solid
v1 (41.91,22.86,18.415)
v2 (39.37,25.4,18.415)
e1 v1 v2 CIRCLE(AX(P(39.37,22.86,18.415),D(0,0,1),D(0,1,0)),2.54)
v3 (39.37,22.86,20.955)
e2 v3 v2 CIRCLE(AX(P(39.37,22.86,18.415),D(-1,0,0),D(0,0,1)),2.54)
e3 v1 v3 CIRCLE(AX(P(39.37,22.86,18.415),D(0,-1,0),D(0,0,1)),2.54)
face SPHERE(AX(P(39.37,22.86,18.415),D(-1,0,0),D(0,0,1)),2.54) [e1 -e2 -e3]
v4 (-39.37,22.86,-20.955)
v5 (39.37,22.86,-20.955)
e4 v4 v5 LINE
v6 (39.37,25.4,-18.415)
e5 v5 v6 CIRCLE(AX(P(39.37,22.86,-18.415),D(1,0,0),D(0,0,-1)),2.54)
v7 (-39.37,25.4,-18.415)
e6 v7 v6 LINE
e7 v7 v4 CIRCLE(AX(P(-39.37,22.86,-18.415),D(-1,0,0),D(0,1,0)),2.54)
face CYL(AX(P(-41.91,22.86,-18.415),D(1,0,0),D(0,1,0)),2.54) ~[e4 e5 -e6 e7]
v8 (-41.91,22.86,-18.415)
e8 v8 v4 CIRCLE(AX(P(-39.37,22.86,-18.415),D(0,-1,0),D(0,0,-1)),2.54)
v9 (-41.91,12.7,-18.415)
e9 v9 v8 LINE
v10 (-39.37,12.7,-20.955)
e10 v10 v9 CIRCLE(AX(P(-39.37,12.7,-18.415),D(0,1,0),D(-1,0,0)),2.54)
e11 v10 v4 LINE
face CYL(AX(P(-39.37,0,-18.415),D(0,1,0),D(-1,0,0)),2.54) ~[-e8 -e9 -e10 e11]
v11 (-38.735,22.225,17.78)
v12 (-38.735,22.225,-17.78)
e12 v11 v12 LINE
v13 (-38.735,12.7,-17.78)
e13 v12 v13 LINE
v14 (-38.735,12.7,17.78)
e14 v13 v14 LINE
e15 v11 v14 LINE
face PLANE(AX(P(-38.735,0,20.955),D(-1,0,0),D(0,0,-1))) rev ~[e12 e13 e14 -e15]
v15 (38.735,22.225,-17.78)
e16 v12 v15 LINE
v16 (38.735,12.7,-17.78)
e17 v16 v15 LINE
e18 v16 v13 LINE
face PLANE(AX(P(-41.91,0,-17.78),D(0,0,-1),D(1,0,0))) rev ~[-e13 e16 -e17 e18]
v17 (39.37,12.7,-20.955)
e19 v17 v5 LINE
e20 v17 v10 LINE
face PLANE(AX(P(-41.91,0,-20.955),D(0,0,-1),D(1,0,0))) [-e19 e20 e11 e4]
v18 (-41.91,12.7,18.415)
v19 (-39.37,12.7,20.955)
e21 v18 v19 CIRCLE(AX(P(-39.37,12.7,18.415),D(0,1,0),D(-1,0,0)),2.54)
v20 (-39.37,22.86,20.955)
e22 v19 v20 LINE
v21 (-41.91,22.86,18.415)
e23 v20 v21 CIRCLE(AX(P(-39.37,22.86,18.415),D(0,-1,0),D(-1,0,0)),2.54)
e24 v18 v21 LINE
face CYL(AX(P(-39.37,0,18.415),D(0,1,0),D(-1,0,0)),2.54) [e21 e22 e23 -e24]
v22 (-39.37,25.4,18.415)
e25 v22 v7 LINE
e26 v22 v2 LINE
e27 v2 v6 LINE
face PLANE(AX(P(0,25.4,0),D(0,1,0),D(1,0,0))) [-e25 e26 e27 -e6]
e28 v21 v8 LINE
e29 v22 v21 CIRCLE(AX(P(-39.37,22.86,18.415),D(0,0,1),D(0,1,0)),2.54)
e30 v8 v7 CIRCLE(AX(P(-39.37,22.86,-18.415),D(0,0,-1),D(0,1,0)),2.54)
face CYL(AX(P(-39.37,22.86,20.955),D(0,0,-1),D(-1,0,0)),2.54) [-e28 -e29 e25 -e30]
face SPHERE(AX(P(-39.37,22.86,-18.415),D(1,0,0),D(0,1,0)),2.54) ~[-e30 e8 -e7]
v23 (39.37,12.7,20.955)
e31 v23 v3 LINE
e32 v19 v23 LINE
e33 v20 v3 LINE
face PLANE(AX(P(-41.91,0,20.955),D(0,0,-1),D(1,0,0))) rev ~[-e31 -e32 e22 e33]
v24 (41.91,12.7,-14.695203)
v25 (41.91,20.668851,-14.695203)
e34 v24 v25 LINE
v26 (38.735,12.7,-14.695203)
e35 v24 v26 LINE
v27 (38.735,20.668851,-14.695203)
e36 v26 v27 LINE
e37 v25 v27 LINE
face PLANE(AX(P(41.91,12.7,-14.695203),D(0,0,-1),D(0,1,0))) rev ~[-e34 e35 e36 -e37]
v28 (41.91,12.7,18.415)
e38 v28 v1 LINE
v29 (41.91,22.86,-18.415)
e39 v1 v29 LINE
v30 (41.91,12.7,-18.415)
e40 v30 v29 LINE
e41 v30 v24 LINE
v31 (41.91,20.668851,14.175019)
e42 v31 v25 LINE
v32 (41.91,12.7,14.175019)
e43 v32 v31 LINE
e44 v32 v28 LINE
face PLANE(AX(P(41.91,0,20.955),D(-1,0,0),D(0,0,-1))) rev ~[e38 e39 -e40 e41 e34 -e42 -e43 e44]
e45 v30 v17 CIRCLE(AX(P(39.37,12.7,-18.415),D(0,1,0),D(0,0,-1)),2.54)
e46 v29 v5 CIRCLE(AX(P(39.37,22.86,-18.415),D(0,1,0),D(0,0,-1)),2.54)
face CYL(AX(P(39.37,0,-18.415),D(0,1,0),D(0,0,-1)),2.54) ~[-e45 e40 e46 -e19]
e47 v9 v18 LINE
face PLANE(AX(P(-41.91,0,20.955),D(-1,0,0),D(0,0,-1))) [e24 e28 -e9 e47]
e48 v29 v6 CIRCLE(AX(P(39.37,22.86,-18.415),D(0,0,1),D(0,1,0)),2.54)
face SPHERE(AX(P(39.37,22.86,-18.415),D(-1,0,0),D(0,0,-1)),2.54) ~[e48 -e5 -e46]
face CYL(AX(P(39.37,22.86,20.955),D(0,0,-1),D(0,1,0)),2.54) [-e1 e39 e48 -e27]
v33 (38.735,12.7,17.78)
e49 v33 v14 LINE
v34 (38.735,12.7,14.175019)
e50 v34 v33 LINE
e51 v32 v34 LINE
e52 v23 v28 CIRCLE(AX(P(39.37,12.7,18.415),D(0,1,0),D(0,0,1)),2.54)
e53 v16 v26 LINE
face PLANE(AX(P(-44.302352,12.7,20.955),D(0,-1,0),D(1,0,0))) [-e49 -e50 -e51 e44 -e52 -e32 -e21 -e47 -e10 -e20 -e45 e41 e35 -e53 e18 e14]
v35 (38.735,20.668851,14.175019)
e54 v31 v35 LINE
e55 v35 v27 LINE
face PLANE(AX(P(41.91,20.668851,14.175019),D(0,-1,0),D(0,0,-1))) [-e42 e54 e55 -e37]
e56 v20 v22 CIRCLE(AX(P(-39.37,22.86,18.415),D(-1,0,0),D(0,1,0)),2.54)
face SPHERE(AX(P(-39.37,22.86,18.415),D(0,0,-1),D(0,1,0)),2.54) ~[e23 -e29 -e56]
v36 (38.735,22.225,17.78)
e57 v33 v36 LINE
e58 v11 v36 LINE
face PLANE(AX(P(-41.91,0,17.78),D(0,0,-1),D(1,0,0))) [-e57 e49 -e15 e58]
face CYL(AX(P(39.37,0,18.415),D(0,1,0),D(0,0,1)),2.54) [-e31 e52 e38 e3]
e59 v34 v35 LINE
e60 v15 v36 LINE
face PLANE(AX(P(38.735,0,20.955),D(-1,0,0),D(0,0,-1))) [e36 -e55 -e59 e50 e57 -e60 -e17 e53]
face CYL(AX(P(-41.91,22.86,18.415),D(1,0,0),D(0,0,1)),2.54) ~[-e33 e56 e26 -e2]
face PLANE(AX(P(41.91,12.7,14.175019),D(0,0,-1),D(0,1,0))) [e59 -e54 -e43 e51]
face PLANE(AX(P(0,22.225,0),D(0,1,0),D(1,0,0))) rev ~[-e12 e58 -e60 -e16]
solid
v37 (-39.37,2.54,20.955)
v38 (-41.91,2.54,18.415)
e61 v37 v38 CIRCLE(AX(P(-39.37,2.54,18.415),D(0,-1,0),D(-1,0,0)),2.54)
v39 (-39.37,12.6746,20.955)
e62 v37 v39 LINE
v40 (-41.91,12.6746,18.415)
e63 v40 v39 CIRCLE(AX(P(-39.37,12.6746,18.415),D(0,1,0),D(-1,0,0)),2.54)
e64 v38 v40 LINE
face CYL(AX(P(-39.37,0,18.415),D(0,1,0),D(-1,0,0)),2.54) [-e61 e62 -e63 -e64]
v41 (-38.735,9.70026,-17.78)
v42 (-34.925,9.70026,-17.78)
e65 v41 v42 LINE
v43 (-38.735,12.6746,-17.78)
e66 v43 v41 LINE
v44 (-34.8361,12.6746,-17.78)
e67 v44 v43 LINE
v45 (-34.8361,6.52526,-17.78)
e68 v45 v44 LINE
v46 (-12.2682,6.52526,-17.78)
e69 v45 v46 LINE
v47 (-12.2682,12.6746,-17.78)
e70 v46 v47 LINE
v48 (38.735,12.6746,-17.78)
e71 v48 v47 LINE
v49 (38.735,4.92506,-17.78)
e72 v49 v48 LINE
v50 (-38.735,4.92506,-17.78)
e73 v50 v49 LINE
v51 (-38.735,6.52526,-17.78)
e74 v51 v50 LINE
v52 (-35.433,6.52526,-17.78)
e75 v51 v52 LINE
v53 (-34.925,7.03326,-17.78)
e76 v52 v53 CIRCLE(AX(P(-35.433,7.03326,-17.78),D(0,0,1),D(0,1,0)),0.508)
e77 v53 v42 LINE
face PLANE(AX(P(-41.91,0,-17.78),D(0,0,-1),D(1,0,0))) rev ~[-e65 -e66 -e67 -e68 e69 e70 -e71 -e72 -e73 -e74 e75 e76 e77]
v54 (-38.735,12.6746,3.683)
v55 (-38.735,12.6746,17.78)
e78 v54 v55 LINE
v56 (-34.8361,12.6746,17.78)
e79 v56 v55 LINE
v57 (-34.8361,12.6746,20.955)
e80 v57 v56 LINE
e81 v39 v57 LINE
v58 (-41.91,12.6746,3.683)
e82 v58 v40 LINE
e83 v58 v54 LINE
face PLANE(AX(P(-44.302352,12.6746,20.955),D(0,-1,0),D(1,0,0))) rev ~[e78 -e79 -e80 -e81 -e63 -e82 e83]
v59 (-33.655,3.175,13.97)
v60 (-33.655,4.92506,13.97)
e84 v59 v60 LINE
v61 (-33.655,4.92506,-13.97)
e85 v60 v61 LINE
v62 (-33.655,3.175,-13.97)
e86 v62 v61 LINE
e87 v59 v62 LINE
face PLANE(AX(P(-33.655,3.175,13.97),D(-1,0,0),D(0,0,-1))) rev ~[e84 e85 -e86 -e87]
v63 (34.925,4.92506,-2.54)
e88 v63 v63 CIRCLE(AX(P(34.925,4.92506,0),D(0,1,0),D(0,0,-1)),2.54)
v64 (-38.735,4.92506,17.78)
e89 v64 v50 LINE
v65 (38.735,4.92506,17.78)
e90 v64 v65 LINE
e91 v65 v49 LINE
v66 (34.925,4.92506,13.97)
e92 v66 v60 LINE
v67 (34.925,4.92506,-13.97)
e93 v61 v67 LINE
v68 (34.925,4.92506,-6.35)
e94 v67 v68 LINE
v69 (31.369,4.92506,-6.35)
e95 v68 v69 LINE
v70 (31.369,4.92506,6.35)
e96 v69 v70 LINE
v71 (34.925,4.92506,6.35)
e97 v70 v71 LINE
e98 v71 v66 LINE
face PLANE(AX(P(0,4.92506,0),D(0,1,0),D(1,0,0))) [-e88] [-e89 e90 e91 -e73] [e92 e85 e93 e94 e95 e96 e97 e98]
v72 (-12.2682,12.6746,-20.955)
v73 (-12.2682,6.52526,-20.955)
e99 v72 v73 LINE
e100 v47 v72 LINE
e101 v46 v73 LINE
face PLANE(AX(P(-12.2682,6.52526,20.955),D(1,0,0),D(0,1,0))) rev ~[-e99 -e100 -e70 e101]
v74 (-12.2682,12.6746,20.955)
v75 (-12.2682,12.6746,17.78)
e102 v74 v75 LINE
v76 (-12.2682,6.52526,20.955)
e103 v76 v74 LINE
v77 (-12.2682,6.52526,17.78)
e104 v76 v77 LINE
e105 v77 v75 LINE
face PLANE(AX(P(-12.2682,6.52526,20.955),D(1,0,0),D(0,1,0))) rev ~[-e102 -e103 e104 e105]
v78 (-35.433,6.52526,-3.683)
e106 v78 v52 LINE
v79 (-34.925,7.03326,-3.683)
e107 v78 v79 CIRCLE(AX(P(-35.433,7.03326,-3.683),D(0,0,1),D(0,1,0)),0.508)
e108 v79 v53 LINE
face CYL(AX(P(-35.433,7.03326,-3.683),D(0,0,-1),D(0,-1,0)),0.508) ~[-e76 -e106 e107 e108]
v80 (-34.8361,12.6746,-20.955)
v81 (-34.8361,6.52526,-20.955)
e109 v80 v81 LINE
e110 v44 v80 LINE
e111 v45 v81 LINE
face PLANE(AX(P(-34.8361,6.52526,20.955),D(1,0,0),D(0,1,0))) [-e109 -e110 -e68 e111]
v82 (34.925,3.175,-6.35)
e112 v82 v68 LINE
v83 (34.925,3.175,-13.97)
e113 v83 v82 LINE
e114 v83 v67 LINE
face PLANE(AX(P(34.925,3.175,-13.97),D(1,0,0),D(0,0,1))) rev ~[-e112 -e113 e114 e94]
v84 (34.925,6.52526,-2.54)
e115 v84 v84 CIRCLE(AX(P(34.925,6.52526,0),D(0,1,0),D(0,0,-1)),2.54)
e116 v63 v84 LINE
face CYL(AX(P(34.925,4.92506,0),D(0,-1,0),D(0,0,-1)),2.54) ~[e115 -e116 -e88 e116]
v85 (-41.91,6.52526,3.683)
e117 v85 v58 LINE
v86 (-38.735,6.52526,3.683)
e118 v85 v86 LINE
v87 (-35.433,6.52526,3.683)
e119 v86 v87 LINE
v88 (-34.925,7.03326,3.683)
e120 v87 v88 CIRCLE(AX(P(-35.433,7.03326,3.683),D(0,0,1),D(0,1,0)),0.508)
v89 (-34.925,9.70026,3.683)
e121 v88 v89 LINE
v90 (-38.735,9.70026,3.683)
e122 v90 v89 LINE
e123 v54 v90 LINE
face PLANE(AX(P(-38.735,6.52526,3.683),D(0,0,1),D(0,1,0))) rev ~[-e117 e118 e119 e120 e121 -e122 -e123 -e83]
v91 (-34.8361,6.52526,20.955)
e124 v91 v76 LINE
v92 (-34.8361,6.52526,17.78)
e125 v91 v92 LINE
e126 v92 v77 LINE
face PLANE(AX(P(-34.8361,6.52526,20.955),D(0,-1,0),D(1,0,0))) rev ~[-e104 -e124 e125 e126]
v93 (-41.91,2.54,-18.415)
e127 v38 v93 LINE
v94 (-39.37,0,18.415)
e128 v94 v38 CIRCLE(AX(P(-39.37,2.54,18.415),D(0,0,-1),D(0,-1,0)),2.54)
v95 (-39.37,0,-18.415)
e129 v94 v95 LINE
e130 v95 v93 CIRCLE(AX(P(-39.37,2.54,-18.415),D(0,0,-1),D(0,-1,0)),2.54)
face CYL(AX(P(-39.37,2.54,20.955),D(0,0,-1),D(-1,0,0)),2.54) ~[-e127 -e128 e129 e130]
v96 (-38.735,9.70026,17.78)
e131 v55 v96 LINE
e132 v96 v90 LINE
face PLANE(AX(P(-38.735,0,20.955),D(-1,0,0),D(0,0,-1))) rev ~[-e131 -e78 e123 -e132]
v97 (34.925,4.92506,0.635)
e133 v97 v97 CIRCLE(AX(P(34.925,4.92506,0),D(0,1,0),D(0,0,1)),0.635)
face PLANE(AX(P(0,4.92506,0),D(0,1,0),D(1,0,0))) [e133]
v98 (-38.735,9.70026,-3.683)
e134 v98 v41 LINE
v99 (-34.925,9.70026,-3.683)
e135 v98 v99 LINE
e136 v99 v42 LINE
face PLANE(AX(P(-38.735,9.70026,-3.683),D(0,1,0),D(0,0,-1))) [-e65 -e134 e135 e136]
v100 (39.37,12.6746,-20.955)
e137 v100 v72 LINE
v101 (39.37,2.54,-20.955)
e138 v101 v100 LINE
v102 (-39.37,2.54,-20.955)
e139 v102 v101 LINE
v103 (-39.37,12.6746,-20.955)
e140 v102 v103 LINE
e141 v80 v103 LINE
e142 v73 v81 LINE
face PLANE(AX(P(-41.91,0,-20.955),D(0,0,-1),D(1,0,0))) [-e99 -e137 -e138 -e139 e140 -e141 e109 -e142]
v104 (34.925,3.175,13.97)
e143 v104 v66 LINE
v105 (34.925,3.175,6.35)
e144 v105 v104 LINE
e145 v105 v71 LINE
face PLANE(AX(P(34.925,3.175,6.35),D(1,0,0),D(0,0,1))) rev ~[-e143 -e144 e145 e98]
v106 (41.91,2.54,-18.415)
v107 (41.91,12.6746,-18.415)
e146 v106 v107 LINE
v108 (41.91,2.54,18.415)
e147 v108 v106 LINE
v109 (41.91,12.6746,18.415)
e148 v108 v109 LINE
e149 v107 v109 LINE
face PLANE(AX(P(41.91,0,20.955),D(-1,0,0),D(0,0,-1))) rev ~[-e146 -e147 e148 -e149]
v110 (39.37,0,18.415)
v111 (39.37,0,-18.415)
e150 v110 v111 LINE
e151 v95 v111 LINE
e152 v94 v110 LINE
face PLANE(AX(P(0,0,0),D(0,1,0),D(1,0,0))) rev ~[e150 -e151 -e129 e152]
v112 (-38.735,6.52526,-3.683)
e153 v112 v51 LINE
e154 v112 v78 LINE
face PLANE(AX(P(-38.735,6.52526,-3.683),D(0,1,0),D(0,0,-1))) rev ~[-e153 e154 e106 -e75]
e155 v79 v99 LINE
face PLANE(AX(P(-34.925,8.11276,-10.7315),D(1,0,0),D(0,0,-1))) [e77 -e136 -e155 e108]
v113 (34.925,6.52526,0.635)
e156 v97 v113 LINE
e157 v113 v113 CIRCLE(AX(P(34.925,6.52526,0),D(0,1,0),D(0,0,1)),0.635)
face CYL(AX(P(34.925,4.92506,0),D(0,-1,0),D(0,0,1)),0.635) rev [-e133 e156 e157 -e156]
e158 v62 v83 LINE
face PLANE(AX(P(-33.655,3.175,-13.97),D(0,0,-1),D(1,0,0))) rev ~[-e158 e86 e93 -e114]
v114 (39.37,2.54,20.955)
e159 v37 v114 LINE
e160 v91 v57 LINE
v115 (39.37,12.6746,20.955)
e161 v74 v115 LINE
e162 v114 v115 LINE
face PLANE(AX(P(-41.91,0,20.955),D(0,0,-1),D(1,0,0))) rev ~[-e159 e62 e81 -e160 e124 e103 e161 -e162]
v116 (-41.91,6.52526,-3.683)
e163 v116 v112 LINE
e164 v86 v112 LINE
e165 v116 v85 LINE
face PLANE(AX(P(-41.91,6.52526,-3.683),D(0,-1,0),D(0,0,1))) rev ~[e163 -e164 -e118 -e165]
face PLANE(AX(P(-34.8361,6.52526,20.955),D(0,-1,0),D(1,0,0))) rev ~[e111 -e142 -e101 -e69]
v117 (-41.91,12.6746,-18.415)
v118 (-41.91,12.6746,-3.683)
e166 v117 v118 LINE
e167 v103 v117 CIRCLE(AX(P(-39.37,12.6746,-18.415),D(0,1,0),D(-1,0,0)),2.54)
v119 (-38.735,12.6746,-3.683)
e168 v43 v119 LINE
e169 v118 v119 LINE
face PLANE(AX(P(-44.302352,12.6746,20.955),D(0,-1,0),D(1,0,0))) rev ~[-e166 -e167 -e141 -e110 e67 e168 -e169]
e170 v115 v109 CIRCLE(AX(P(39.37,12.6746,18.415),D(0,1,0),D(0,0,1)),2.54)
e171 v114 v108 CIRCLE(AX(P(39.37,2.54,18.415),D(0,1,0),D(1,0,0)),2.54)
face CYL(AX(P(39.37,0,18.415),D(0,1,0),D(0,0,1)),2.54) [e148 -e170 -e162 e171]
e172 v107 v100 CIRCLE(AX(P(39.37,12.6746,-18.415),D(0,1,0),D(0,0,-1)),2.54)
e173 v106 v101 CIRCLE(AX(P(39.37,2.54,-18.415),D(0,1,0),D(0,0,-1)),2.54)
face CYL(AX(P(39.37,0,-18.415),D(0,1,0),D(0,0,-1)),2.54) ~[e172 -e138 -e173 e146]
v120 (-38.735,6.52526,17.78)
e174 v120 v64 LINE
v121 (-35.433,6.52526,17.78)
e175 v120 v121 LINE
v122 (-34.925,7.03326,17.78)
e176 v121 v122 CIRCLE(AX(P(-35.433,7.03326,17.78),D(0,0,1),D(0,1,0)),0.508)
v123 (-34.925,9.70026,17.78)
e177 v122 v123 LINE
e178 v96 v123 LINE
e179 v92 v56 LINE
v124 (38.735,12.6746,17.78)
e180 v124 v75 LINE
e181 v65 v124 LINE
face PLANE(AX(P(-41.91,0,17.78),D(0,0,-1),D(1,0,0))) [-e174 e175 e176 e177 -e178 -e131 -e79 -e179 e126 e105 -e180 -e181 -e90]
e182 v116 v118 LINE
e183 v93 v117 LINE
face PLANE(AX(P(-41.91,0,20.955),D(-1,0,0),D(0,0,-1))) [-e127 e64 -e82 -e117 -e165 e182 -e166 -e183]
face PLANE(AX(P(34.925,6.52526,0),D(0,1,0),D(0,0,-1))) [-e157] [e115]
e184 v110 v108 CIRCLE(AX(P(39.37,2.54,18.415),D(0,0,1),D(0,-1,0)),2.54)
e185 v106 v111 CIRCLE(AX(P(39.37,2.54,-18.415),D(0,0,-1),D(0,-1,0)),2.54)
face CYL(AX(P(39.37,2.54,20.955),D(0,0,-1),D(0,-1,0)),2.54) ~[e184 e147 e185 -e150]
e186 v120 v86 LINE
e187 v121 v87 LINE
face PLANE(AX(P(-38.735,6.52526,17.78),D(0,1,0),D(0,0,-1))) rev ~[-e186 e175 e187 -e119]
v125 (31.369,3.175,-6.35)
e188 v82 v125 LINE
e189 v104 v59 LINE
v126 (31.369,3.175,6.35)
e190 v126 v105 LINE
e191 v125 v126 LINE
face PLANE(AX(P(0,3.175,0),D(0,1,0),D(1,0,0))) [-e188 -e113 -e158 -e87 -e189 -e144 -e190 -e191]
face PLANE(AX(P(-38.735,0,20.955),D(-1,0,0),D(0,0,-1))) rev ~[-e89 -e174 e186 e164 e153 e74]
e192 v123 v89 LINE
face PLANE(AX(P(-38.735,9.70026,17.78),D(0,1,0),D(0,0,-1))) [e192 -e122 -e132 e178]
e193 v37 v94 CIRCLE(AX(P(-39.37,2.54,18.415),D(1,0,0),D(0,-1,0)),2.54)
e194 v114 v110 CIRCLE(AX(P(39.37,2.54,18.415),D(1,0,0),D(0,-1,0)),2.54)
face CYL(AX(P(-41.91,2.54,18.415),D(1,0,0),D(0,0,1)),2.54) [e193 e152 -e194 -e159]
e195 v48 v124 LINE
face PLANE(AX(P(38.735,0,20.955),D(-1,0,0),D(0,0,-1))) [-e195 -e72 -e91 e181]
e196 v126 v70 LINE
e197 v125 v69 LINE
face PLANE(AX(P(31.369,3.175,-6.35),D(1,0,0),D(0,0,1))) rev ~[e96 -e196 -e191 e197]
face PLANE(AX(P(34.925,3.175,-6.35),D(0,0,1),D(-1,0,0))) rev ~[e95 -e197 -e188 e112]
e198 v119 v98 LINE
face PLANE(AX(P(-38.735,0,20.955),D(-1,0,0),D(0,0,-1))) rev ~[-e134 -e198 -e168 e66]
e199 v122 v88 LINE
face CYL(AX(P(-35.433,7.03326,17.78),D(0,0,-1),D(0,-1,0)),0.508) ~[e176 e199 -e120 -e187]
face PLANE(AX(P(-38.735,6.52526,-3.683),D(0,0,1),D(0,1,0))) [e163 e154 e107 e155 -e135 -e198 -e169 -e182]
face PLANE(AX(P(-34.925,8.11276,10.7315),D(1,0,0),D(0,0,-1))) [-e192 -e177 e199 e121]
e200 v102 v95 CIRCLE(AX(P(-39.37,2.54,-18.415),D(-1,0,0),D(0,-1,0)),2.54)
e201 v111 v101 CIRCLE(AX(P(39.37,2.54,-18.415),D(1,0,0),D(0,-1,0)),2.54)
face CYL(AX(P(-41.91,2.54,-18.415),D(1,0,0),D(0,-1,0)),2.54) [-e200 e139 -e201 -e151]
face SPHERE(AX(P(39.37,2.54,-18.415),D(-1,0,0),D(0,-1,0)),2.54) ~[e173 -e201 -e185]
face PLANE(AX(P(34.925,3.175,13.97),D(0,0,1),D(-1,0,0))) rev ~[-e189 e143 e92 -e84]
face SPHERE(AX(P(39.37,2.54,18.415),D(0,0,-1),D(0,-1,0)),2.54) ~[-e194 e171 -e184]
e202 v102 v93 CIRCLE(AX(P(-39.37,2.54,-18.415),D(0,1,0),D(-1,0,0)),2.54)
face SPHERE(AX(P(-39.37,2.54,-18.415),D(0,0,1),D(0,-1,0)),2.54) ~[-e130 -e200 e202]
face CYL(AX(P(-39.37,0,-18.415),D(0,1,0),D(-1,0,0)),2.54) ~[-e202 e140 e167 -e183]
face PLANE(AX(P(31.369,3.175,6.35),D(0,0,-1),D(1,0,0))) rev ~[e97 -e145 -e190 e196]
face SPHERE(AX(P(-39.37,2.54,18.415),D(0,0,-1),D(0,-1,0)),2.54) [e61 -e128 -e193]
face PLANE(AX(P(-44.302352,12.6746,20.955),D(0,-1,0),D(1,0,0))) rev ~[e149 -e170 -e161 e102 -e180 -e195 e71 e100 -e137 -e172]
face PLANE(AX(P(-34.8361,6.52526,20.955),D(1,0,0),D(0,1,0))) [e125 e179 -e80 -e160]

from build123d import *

# Parameters (mm, degrees)
SKETCH1_W           = 83.82
SKETCH1_H           = 41.91
BOSS_EXTRUDE1_DEPTH = 25.4
SKETCH2_W           = 22.5679
SKETCH2_H           = 6.14934
CUT_EXTRUDE1_DEPTH  = 65.482991556
SHELL1_T            = -3.175
CUT_EXTRUDE3_REACH  = 92.056
SKETCH4_W           = 7.366
SKETCH4_H           = 6.14934
FILLET1_R           = 2.54
SKETCH5_W           = 89.038189856
SKETCH5_H           = 0.0254
CUT_EXTRUDE4_DEPTH  = 65.482991556
SKETCH6_W           = 77.47
SKETCH6_H           = 35.56
BOSS_EXTRUDE2_DEPTH = 1.75006
SKETCH7_R           = 2.54
SKETCH7_R_2         = 0.635
BOSS_EXTRUDE3_DEPTH = 1.6002
SKETCH8_W           = 14.097
SKETCH8_H           = 3.175
BOSS_EXTRUDE4_DEPTH = 3.81
FILLET2_R           = 0.508
SKETCH9_W           = 28.870221249
SKETCH9_H           = 7.968851024
CUT_EXTRUDE5_DEPTH  = 3.175


with BuildPart() as part:
    # Sketch1 → Boss-Extrude1 (new body)
    with BuildSketch(Plane(origin=(0, 0, 0), x_dir=(1, 0, 0), z_dir=(0, 1, 0))):
        Rectangle(SKETCH1_W, SKETCH1_H)
    extrude(amount=BOSS_EXTRUDE1_DEPTH)

    # Sketch2 → Cut-Extrude1 (cut, through all)
    with BuildSketch(Plane.XY.offset(20.955)):
        with Locations((-23.55215, 9.59993)):
            Rectangle(SKETCH2_W, SKETCH2_H)
    extrude(amount=-CUT_EXTRUDE1_DEPTH, mode=Mode.SUBTRACT)

    # Shell1
    shell1_openings = [part.faces().sort_by_distance(p)[0] for p in [
        (-34.8361, 9.59993, 0),
        (-23.55215, 12.6746, 0),
        (-12.2682, 9.59993, 0),
        (-23.55215, 6.52526, 0),
    ]]
    offset(amount=SHELL1_T, openings=shell1_openings, kind=Kind.INTERSECTION)

    # Sketch4 → Cut-Extrude3 (cut, up to next)
    with BuildSketch(Plane.ZY.offset(41.91), mode=Mode.PRIVATE) as cut_extrude3_sk1:
        with Locations((0, 9.59993)):
            Rectangle(SKETCH4_W, SKETCH4_H)
    cut_extrude3_tool1 = extrude(cut_extrude3_sk1.sketch, amount=-CUT_EXTRUDE3_REACH, mode=Mode.PRIVATE) & part.part
    add(cut_extrude3_tool1.solids().sort_by_distance((-41.91, 9.59993, 0))[0], mode=Mode.SUBTRACT)

    # Fillet1
    fillet1_edges = [part.edges().sort_by_distance(p)[0] for p in [
        (0, 25.4, -20.955),
        (-41.91, 25.4, 0),
        (0, 25.4, 20.955),
        (-41.91, 0, 0),
        (0, 0, -20.955),
        (41.91, 0, 0),
        (0, 0, 20.955),
        (-41.91, 12.7, 20.955),
        (-41.91, 12.7, -20.955),
        (41.91, 12.7, -20.955),
        (41.91, 12.7, 20.955),
        (41.91, 25.4, 0),
    ]]
    fillet(fillet1_edges, radius=FILLET1_R)

    # Sketch5 → Cut-Extrude4 (cut, through all)
    with BuildSketch(Plane.XY.offset(20.955)):
        with Locations((0.216743403, 12.6873)):
            Rectangle(SKETCH5_W, SKETCH5_H)
    extrude(amount=-CUT_EXTRUDE4_DEPTH, mode=Mode.SUBTRACT)


with BuildPart() as cut_extrude4_piece_1:
    # of the separate pieces the step leaves, piece 1, a body of its own (cut_extrude4_pieces)
    add(part.part.solids().sort_by_distance((-39.37, 12.7, 20.955))[0])

    # Sketch9 → Cut-Extrude5 (cut)
    with BuildSketch(Plane(origin=(41.91, 0, 0), x_dir=(0, 0, -1), z_dir=(1, 0, 0))):
        with Locations((0.260092084, 16.684425512)):
            Rectangle(SKETCH9_W, SKETCH9_H)
    extrude(amount=-CUT_EXTRUDE5_DEPTH, mode=Mode.SUBTRACT)


with BuildPart() as cut_extrude4_piece_2:
    # of the separate pieces the step leaves, piece 2, a body of its own (cut_extrude4_pieces)
    add(part.part.solids().sort_by_distance((-39.37, 2.54, 20.955))[0])

    # Sketch6 → Boss-Extrude2 (add)
    with BuildSketch(Plane(origin=(0, 3.175, 0), x_dir=(1, 0, 0), z_dir=(0, 1, 0))):
        Rectangle(SKETCH6_W, SKETCH6_H)
        Polygon((-33.655, -13.97), (-33.655, 13.97), (34.925, 13.97), (34.925, 6.35), (31.369, 6.35), (31.369, -6.35), (34.925, -6.35), (34.925, -13.97), align=None, mode=Mode.SUBTRACT)
    extrude(amount=BOSS_EXTRUDE2_DEPTH)

    # Sketch7 → Boss-Extrude3 (add)
    with BuildSketch(Plane(origin=(0, 4.92506, 0), x_dir=(1, 0, 0), z_dir=(0, 1, 0))):
        with Locations(Location((34.925, 0, 0), (0, 0, 90))):
            Circle(SKETCH7_R)
        with Locations(Location((34.925, 0, 0), (0, 0, 270))):
            Circle(SKETCH7_R_2, mode=Mode.SUBTRACT)
    extrude(amount=BOSS_EXTRUDE3_DEPTH)

    # Sketch8 → Boss-Extrude4 (add)
    with BuildSketch(Plane(origin=(-38.735, 0, 0), x_dir=(0, 0, -1), z_dir=(1, 0, 0))):
        with Locations((-10.7315, 8.11276)):
            Rectangle(SKETCH8_W, SKETCH8_H)
        with Locations((10.7315, 8.11276)):
            Rectangle(SKETCH8_W, SKETCH8_H)
    extrude(amount=BOSS_EXTRUDE4_DEPTH)

    # Fillet2
    fillet2_edges = [cut_extrude4_piece_2.edges().sort_by_distance(p)[0] for p in [
        (-34.925, 6.52526, 10.7315),
        (-34.925, 6.52526, -10.7315),
    ]]
    fillet(fillet2_edges, radius=FILLET2_R)


solid = Compound([cut_extrude4_piece_1.part, cut_extrude4_piece_2.part])
